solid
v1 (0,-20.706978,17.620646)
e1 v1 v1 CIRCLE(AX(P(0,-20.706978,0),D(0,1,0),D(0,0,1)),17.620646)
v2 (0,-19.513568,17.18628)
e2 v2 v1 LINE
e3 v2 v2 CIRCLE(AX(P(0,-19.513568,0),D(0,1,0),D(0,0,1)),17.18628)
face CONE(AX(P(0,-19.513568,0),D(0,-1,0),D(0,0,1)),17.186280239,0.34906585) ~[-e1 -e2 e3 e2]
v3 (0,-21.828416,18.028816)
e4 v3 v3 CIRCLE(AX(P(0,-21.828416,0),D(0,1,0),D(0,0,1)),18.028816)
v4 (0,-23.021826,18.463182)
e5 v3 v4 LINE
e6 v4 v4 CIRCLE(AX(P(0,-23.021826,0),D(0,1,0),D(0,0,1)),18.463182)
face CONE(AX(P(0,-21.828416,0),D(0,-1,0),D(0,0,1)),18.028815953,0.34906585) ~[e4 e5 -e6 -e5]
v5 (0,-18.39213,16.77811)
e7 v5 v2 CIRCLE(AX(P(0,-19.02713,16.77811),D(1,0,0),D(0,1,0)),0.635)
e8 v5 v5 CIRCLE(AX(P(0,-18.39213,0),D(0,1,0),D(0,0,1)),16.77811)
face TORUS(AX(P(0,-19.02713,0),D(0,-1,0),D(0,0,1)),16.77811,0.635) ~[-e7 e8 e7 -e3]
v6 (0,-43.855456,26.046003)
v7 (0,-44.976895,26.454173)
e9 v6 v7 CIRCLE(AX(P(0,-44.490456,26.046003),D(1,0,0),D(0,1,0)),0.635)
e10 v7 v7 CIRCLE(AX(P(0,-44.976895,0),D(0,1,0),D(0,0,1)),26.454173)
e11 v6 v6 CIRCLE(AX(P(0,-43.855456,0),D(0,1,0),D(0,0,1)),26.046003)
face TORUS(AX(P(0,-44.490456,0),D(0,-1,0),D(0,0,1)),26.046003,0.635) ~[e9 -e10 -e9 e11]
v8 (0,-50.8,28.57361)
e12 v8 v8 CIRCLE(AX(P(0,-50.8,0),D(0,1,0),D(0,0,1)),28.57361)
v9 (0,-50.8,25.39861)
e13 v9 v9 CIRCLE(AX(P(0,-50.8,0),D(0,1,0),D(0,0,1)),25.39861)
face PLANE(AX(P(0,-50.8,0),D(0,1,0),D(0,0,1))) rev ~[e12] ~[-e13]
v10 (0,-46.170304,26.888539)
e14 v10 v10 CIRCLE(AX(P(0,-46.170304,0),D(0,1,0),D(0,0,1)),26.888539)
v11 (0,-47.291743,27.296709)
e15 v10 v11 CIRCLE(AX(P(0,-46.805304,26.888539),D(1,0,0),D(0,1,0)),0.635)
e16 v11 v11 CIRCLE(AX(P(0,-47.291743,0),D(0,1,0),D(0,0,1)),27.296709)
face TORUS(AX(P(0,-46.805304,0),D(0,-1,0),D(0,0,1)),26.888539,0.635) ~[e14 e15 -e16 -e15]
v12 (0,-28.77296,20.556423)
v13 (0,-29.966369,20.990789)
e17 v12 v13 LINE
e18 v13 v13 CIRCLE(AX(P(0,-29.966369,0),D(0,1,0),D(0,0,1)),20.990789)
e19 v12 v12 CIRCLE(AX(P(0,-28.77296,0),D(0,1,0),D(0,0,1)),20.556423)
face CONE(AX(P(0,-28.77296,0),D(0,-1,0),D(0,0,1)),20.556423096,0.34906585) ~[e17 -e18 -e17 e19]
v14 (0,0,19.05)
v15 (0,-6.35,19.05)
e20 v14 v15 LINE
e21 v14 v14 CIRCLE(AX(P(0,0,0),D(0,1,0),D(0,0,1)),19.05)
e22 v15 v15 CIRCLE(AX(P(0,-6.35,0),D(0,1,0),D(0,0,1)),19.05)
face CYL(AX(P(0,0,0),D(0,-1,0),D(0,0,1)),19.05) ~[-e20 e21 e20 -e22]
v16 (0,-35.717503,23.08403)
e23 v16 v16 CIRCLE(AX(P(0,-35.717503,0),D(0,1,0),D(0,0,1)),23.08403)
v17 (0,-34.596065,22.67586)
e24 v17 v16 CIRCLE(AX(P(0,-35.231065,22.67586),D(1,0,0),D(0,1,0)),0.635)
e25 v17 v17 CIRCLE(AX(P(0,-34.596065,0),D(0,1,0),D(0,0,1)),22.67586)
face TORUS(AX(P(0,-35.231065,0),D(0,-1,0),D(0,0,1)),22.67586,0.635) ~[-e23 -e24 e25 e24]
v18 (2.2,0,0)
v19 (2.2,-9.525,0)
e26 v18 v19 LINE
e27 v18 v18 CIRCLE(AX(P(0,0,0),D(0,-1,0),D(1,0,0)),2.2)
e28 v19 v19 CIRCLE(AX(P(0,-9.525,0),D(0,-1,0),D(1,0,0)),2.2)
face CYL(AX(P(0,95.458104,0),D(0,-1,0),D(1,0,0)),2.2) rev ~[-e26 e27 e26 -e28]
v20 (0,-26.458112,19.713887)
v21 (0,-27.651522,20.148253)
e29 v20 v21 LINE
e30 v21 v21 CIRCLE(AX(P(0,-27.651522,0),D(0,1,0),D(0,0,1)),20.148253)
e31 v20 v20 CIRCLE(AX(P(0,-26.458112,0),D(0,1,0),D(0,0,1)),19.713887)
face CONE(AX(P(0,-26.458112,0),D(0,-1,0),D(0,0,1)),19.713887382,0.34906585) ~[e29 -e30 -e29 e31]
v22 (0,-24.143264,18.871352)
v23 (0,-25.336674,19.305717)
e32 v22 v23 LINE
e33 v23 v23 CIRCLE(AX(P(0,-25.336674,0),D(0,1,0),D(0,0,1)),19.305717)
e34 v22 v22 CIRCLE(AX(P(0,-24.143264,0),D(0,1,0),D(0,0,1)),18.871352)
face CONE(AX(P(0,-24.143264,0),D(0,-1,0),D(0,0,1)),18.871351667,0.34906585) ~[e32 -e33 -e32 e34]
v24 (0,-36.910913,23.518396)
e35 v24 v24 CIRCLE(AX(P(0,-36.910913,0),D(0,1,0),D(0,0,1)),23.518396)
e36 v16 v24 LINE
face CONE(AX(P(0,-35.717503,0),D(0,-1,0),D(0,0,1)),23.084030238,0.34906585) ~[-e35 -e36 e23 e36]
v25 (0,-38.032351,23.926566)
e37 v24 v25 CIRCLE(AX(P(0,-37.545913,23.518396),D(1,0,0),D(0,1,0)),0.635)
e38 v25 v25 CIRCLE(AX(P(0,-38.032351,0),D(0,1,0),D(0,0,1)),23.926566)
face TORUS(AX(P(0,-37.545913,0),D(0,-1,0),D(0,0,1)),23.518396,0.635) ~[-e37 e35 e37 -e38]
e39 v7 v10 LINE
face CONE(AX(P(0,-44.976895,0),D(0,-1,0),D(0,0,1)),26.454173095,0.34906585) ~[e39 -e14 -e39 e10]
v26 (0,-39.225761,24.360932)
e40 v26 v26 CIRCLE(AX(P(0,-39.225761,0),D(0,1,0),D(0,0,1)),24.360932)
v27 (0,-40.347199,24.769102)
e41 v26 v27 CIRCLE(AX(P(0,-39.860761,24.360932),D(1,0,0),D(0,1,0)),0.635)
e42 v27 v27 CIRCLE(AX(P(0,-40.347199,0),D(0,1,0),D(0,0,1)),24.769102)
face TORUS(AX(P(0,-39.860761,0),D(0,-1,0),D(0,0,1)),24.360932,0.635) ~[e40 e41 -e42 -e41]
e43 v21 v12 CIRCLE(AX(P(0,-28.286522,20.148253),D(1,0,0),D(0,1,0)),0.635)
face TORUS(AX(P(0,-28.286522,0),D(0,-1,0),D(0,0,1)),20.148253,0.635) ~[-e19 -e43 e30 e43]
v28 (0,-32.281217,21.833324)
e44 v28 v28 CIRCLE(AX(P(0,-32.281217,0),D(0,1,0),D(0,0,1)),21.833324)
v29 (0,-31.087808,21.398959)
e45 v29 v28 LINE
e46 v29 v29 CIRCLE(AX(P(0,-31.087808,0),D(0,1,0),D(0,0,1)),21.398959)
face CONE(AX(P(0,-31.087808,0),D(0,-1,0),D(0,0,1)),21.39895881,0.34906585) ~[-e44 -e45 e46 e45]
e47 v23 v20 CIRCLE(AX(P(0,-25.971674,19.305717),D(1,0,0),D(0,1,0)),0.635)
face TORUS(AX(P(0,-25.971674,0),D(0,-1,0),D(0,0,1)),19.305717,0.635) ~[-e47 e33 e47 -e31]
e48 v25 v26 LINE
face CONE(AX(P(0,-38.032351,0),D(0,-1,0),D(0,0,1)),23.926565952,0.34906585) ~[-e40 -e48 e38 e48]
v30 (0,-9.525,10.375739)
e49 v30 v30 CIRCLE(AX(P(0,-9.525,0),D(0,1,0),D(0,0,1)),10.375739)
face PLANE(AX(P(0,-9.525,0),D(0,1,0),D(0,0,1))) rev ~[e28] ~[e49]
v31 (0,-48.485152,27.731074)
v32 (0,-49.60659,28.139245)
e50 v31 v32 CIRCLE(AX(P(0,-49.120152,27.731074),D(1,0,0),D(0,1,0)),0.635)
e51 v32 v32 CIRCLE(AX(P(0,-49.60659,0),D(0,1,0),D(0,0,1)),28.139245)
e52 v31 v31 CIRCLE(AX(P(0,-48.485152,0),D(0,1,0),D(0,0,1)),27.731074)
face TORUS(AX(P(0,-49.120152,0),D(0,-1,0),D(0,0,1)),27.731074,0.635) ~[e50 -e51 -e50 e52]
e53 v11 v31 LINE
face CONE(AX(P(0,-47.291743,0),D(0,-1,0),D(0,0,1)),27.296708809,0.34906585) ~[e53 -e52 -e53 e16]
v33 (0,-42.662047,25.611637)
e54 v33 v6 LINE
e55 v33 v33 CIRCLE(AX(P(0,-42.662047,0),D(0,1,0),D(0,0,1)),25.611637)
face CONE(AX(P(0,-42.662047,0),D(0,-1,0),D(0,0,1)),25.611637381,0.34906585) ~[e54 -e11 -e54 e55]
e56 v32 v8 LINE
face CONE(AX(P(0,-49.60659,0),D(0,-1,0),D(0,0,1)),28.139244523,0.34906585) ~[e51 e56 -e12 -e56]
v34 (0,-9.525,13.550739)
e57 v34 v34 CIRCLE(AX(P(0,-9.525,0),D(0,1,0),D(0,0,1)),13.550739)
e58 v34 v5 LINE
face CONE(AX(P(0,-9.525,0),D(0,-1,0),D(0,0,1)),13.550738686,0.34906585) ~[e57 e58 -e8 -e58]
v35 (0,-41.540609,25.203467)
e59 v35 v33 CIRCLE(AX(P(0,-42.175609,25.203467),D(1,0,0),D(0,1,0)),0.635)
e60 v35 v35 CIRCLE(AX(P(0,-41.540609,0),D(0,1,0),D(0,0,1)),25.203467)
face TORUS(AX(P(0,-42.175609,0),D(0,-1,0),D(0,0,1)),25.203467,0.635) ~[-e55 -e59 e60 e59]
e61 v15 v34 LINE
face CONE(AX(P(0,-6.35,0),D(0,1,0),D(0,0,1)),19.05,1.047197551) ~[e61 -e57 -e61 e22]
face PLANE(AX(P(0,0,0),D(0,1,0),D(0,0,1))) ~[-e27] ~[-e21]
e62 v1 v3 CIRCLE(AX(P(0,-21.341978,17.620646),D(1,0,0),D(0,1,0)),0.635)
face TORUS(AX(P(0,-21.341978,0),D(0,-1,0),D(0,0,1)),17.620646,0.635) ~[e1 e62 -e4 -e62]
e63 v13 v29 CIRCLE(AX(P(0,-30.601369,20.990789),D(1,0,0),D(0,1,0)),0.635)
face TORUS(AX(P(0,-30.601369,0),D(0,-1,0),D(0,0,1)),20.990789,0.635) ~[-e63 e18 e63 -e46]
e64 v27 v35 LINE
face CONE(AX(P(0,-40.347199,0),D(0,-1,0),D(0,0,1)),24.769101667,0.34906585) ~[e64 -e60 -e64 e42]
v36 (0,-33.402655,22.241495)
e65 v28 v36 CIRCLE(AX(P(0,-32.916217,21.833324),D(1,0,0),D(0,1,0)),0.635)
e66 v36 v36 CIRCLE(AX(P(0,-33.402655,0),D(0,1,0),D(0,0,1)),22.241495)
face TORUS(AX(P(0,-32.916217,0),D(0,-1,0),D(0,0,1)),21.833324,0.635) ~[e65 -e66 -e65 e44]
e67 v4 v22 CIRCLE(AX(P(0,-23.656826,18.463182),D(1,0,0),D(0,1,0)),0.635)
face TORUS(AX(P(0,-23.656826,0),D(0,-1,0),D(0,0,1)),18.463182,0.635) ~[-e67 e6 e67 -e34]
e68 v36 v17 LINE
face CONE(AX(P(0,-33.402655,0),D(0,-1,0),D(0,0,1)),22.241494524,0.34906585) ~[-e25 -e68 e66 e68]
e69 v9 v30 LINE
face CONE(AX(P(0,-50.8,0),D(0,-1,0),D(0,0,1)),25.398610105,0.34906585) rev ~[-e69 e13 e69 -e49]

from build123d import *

# Parameters (mm, degrees)
F4_D = 4.4


with BuildPart() as f2:
    # F0 (on Right) → F2 (revolve)
    with BuildSketch(Plane.YZ):
        with BuildLine():
            Line((0, 0), (0, 19.05))
            Line((0, 19.05), (-2.54, 19.05))
            Line((-2.54, 19.05), (-5.08, 19.05))
            Line((-5.08, 19.05), (-6.35, 19.05))
            Line((-6.35, 19.05), (-9.525, 13.550738686))
            Line((-9.525, 13.550738686), (-18.3921301031, 16.7781101069))
            ThreePointArc((-18.3921301031, 16.7781101069), (-18.8099473121, 17.3748149211), (-19.5135683245, 17.186280239))
            Line((-19.5135683245, 17.186280239), (-20.7069779529, 17.620645821))
            ThreePointArc((-20.7069779529, 17.620645821), (-21.1247951619, 18.2173506352), (-21.8284161743, 18.0288159532))
            Line((-21.8284161743, 18.0288159532), (-23.0218258027, 18.4631815352))
            ThreePointArc((-23.0218258027, 18.4631815352), (-23.4396430116, 19.0598863494), (-24.143264024, 18.8713516674))
            Line((-24.143264024, 18.8713516674), (-25.3366736524, 19.3057172494))
            ThreePointArc((-25.3366736524, 19.3057172494), (-25.7544908614, 19.9024220636), (-26.4581118738, 19.7138873815))
            Line((-26.4581118738, 19.7138873815), (-27.6515215022, 20.1482529636))
            ThreePointArc((-27.6515215022, 20.1482529636), (-28.0693387112, 20.7449577778), (-28.7729597236, 20.5564230957))
            Line((-28.7729597236, 20.5564230957), (-29.966369352, 20.9907886777))
            ThreePointArc((-29.966369352, 20.9907886777), (-30.384186561, 21.5874934919), (-31.0878075734, 21.3989588099))
            Line((-31.0878075734, 21.3989588099), (-32.2812172018, 21.8333243919))
            ThreePointArc((-32.2812172018, 21.8333243919), (-32.6990344108, 22.4300292061), (-33.4026554232, 22.2414945241))
            Line((-33.4026554232, 22.2414945241), (-34.5960650515, 22.6758601061))
            ThreePointArc((-34.5960650515, 22.6758601061), (-35.0138822605, 23.2725649203), (-35.7175032729, 23.0840302382))
            Line((-35.7175032729, 23.0840302382), (-36.9109129013, 23.5183958203))
            ThreePointArc((-36.9109129013, 23.5183958203), (-37.3287301103, 24.1151006345), (-38.0323511227, 23.9265659524))
            Line((-38.0323511227, 23.9265659524), (-39.2257607511, 24.3609315344))
            ThreePointArc((-39.2257607511, 24.3609315344), (-39.6435779601, 24.9576363486), (-40.3471989725, 24.7691016666))
            Line((-40.3471989725, 24.7691016666), (-41.5406086009, 25.2034672486))
            ThreePointArc((-41.5406086009, 25.2034672486), (-41.9584258099, 25.8001720628), (-42.6620468223, 25.6116373808))
            Line((-42.6620468223, 25.6116373808), (-43.8554564507, 26.0460029628))
            ThreePointArc((-43.8554564507, 26.0460029628), (-44.2732736597, 26.642707777), (-44.976894672, 26.4541730949))
            Line((-44.976894672, 26.4541730949), (-46.1703043004, 26.888538677))
            ThreePointArc((-46.1703043004, 26.888538677), (-46.5881215094, 27.4852434912), (-47.2917425218, 27.2967088091))
            Line((-47.2917425218, 27.2967088091), (-48.4851521502, 27.7310743911))
            ThreePointArc((-48.4851521502, 27.7310743911), (-48.9029693592, 28.3277792053), (-49.6065903716, 28.1392445233))
            Line((-49.6065903716, 28.1392445233), (-50.8, 28.5736101053))
            Line((-50.8, 28.5736101053), (-50.8, 25.3986101053))
            Line((-50.8, 25.3986101053), (-9.525, 10.375738686))
            Line((-9.525, 10.375738686), (-9.525, 0))
            Line((-9.525, 0), (0, 0))
        make_face()
    revolve(axis=Axis((0, -28.8543272763, 0), (0, 1, 0)))

    # F4 (through all)
    with Locations(Plane(origin=(0, 0, 0), x_dir=(-1, 0, 0), z_dir=(0, 1, 0))):
        with Locations((0, 0)):
            Hole(F4_D / 2)


solid = f2.part
